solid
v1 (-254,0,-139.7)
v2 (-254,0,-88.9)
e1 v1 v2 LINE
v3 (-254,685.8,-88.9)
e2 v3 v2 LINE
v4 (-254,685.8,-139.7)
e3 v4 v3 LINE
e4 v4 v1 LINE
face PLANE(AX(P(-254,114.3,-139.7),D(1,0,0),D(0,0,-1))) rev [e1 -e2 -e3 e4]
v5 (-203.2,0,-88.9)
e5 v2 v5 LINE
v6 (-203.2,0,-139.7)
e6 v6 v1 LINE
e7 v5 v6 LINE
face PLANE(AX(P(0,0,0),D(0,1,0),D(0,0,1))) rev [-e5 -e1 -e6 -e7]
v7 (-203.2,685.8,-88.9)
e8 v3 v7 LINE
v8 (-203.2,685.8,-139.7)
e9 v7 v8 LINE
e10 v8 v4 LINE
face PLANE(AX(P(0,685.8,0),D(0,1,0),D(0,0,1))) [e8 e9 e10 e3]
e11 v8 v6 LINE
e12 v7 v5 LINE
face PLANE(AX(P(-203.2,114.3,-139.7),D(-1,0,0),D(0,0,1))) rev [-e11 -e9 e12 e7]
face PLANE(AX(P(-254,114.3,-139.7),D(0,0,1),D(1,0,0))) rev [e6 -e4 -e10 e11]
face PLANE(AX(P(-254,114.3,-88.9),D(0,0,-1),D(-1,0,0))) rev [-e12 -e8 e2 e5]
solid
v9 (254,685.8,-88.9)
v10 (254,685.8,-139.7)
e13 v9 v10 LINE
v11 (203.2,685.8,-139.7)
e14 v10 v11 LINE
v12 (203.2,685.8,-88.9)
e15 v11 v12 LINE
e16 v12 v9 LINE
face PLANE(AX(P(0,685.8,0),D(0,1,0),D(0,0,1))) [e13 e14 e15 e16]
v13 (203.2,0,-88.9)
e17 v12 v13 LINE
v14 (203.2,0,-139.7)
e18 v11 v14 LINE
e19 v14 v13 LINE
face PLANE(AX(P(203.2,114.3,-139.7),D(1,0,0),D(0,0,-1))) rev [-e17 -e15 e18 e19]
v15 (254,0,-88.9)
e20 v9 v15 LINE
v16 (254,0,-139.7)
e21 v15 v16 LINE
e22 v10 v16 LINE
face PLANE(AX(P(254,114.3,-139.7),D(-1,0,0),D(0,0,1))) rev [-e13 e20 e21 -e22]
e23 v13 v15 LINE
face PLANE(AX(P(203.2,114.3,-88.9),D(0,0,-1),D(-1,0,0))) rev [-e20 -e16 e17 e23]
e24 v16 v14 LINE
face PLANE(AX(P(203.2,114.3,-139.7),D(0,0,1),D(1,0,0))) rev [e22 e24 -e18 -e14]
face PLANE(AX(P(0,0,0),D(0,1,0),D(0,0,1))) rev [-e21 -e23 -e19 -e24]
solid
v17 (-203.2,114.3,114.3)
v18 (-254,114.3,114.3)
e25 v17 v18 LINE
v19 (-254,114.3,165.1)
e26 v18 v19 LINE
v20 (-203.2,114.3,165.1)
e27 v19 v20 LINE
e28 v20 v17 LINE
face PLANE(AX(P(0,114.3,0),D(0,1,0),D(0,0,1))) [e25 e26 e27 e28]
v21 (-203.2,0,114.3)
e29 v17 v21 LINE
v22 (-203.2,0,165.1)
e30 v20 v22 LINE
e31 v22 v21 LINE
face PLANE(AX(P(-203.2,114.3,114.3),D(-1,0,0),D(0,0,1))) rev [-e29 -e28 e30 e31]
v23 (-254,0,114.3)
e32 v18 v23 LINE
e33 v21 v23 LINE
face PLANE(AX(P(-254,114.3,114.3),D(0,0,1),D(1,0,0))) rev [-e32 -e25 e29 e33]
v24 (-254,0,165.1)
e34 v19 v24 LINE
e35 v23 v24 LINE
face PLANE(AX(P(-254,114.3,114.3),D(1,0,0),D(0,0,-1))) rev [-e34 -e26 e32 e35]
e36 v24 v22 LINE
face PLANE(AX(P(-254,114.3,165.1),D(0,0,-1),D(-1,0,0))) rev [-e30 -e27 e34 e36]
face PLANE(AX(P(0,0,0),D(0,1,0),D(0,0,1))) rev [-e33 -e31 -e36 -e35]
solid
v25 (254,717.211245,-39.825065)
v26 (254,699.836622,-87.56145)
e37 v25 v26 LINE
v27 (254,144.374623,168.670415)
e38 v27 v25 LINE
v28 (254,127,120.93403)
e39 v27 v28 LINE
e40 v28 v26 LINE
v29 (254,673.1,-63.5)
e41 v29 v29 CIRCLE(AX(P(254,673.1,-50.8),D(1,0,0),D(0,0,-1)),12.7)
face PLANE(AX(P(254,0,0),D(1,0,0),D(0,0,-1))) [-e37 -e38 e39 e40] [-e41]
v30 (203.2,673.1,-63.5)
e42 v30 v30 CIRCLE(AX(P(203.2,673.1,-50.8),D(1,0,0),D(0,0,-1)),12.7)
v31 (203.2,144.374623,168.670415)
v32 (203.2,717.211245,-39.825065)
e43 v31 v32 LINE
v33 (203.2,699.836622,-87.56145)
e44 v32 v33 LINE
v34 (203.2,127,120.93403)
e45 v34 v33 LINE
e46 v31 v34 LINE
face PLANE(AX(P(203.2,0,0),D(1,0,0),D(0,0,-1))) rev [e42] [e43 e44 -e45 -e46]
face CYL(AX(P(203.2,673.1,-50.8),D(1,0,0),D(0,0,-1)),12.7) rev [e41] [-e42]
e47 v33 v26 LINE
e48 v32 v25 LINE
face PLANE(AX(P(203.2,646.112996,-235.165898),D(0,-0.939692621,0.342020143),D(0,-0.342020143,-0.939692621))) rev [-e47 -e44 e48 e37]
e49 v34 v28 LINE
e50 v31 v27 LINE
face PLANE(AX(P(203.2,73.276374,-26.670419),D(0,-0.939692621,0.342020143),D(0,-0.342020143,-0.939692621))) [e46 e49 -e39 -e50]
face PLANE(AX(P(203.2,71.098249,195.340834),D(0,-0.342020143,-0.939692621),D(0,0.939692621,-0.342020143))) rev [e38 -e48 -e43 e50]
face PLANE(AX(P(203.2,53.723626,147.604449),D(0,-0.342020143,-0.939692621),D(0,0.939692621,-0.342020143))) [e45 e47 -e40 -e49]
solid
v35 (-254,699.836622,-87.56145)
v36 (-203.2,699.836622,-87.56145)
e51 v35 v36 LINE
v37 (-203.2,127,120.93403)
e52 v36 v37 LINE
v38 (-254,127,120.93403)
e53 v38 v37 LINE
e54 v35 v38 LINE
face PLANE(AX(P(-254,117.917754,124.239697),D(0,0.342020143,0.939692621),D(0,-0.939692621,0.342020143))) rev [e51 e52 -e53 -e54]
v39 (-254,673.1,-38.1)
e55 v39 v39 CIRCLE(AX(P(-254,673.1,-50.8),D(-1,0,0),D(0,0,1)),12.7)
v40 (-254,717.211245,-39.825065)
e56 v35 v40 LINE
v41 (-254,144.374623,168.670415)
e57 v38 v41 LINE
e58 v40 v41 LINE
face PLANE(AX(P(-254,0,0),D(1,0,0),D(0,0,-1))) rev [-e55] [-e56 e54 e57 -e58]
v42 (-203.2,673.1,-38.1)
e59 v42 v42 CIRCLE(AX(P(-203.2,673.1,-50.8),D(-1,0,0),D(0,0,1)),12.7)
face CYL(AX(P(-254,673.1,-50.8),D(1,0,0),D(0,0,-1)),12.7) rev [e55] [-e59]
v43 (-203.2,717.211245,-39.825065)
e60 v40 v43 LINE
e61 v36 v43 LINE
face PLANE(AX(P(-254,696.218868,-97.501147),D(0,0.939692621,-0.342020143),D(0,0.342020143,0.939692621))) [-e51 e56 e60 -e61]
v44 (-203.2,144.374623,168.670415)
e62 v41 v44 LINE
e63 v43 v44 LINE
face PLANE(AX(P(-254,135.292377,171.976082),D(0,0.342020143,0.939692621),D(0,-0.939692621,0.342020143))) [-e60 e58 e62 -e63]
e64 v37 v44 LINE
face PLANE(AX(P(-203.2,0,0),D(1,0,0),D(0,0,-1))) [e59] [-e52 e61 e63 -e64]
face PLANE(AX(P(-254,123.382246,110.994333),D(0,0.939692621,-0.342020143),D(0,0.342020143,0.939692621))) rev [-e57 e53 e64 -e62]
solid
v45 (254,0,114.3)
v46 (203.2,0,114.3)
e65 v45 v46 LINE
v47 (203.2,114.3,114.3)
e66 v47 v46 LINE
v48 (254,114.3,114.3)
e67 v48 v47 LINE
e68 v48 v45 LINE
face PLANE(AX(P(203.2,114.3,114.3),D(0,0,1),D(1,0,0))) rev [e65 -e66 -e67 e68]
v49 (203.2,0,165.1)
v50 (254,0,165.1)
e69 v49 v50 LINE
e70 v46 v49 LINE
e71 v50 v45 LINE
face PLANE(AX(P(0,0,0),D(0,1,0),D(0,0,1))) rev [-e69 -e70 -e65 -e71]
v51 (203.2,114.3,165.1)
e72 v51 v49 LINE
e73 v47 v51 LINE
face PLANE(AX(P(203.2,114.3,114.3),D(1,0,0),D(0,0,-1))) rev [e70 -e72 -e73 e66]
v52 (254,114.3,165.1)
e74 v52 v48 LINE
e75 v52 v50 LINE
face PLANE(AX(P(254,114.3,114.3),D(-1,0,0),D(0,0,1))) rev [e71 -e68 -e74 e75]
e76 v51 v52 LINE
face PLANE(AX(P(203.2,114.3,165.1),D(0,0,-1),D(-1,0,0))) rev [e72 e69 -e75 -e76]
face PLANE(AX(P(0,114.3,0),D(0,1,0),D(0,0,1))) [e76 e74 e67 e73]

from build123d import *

# Parameters (mm, degrees)
SKETCH1_W             = 50.8
SKETCH1_H             = 50.8
BOSS_EXTRUDE1_DEPTH   = 114.3
BOSS_EXTRUDE1_2_DEPTH = 114.3
BOSS_EXTRUDE1_3_DEPTH = 114.3
BOSS_EXTRUDE1_4_DEPTH = 114.3
SKETCH2_W             = 50.8
SKETCH2_H             = 50.8
BOSS_EXTRUDE2_DEPTH   = 571.5
SKETCH3_R             = 12.7
BOSS_EXTRUDE3_DEPTH   = 50.8
BOSS_EXTRUDE4_START   = -457.2
SKETCH3_3_R           = 12.7
BOSS_EXTRUDE4_DEPTH   = 50.8


with BuildPart() as part:
    # Sketch1 → Boss-Extrude1 (new body)
    with BuildSketch(Plane(origin=(0, 0, 0), x_dir=(1, 0, 0), z_dir=(0, 1, 0))):
        with Locations((228.6, 114.3)):
            Rectangle(SKETCH1_W, SKETCH1_H)
    extrude(amount=BOSS_EXTRUDE1_DEPTH)



with BuildPart() as body_2:
    # Sketch1 → Boss-Extrude1 2 (new body)
    with BuildSketch(Plane(origin=(0, 0, 0), x_dir=(1, 0, 0), z_dir=(0, 1, 0))):
        with Locations((228.6, -139.7)):
            Rectangle(SKETCH1_W, SKETCH1_H)
    extrude(amount=BOSS_EXTRUDE1_2_DEPTH)


with BuildPart() as body_3:
    # Sketch1 → Boss-Extrude1 3 (new body)
    with BuildSketch(Plane(origin=(0, 0, 0), x_dir=(1, 0, 0), z_dir=(0, 1, 0))):
        with Locations((-228.6, 114.3)):
            Rectangle(SKETCH1_W, SKETCH1_H)
    extrude(amount=BOSS_EXTRUDE1_3_DEPTH)


with BuildPart() as body_4:
    # Sketch1 → Boss-Extrude1 4 (new body)
    with BuildSketch(Plane(origin=(0, 0, 0), x_dir=(1, 0, 0), z_dir=(0, 1, 0))):
        with Locations((-228.6, -139.7)):
            Rectangle(SKETCH1_W, SKETCH1_H)
    extrude(amount=BOSS_EXTRUDE1_4_DEPTH)


with BuildPart() as part_1:
    add(part.part)

    add(body_3.part)  # Boss-Extrude2 merges body 3
    # Sketch2 → Boss-Extrude2 (add)
    with BuildSketch(Plane(origin=(0, 114.3, 0), x_dir=(1, 0, 0), z_dir=(0, 1, 0))):
        with Locations((228.6, 114.3)):
            Rectangle(SKETCH2_W, SKETCH2_H)
        with Locations((-228.6, 114.3)):
            Rectangle(SKETCH2_W, SKETCH2_H)
    extrude(amount=BOSS_EXTRUDE2_DEPTH)


with BuildPart() as body_4_2:
    # Sketch3 → Boss-Extrude3 (new body)
    with BuildSketch(Plane(origin=(254, 0, 0), x_dir=(0, 0, -1), z_dir=(1, 0, 0))):
        Polygon((39.825064724, 717.211244912), (87.561449859, 699.836621631), (-120.934029512, 127), (-168.670414648, 144.374623281), align=None)
        with Locations((50.8, 673.1)):
            Circle(SKETCH3_R, mode=Mode.SUBTRACT)
    extrude(amount=-BOSS_EXTRUDE3_DEPTH)


with BuildPart() as body_5:
    # Sketch3<3> → Boss-Extrude4 (new body)
    with BuildSketch(Plane(origin=(254, 0, 0), x_dir=(0, 0, -1), z_dir=(1, 0, 0)).offset(BOSS_EXTRUDE4_START)):
        Polygon((39.825064724, 717.211244912), (87.561449859, 699.836621631), (-120.934029512, 127), (-168.670414648, 144.374623281), align=None)
        with Locations(Location((50.8, 673.1, 0), (0, 0, 180))):
            Circle(SKETCH3_3_R, mode=Mode.SUBTRACT)
    extrude(amount=-BOSS_EXTRUDE4_DEPTH)


solid = Compound([body_2.part, body_4.part, part_1.part, body_4_2.part, body_5.part])
